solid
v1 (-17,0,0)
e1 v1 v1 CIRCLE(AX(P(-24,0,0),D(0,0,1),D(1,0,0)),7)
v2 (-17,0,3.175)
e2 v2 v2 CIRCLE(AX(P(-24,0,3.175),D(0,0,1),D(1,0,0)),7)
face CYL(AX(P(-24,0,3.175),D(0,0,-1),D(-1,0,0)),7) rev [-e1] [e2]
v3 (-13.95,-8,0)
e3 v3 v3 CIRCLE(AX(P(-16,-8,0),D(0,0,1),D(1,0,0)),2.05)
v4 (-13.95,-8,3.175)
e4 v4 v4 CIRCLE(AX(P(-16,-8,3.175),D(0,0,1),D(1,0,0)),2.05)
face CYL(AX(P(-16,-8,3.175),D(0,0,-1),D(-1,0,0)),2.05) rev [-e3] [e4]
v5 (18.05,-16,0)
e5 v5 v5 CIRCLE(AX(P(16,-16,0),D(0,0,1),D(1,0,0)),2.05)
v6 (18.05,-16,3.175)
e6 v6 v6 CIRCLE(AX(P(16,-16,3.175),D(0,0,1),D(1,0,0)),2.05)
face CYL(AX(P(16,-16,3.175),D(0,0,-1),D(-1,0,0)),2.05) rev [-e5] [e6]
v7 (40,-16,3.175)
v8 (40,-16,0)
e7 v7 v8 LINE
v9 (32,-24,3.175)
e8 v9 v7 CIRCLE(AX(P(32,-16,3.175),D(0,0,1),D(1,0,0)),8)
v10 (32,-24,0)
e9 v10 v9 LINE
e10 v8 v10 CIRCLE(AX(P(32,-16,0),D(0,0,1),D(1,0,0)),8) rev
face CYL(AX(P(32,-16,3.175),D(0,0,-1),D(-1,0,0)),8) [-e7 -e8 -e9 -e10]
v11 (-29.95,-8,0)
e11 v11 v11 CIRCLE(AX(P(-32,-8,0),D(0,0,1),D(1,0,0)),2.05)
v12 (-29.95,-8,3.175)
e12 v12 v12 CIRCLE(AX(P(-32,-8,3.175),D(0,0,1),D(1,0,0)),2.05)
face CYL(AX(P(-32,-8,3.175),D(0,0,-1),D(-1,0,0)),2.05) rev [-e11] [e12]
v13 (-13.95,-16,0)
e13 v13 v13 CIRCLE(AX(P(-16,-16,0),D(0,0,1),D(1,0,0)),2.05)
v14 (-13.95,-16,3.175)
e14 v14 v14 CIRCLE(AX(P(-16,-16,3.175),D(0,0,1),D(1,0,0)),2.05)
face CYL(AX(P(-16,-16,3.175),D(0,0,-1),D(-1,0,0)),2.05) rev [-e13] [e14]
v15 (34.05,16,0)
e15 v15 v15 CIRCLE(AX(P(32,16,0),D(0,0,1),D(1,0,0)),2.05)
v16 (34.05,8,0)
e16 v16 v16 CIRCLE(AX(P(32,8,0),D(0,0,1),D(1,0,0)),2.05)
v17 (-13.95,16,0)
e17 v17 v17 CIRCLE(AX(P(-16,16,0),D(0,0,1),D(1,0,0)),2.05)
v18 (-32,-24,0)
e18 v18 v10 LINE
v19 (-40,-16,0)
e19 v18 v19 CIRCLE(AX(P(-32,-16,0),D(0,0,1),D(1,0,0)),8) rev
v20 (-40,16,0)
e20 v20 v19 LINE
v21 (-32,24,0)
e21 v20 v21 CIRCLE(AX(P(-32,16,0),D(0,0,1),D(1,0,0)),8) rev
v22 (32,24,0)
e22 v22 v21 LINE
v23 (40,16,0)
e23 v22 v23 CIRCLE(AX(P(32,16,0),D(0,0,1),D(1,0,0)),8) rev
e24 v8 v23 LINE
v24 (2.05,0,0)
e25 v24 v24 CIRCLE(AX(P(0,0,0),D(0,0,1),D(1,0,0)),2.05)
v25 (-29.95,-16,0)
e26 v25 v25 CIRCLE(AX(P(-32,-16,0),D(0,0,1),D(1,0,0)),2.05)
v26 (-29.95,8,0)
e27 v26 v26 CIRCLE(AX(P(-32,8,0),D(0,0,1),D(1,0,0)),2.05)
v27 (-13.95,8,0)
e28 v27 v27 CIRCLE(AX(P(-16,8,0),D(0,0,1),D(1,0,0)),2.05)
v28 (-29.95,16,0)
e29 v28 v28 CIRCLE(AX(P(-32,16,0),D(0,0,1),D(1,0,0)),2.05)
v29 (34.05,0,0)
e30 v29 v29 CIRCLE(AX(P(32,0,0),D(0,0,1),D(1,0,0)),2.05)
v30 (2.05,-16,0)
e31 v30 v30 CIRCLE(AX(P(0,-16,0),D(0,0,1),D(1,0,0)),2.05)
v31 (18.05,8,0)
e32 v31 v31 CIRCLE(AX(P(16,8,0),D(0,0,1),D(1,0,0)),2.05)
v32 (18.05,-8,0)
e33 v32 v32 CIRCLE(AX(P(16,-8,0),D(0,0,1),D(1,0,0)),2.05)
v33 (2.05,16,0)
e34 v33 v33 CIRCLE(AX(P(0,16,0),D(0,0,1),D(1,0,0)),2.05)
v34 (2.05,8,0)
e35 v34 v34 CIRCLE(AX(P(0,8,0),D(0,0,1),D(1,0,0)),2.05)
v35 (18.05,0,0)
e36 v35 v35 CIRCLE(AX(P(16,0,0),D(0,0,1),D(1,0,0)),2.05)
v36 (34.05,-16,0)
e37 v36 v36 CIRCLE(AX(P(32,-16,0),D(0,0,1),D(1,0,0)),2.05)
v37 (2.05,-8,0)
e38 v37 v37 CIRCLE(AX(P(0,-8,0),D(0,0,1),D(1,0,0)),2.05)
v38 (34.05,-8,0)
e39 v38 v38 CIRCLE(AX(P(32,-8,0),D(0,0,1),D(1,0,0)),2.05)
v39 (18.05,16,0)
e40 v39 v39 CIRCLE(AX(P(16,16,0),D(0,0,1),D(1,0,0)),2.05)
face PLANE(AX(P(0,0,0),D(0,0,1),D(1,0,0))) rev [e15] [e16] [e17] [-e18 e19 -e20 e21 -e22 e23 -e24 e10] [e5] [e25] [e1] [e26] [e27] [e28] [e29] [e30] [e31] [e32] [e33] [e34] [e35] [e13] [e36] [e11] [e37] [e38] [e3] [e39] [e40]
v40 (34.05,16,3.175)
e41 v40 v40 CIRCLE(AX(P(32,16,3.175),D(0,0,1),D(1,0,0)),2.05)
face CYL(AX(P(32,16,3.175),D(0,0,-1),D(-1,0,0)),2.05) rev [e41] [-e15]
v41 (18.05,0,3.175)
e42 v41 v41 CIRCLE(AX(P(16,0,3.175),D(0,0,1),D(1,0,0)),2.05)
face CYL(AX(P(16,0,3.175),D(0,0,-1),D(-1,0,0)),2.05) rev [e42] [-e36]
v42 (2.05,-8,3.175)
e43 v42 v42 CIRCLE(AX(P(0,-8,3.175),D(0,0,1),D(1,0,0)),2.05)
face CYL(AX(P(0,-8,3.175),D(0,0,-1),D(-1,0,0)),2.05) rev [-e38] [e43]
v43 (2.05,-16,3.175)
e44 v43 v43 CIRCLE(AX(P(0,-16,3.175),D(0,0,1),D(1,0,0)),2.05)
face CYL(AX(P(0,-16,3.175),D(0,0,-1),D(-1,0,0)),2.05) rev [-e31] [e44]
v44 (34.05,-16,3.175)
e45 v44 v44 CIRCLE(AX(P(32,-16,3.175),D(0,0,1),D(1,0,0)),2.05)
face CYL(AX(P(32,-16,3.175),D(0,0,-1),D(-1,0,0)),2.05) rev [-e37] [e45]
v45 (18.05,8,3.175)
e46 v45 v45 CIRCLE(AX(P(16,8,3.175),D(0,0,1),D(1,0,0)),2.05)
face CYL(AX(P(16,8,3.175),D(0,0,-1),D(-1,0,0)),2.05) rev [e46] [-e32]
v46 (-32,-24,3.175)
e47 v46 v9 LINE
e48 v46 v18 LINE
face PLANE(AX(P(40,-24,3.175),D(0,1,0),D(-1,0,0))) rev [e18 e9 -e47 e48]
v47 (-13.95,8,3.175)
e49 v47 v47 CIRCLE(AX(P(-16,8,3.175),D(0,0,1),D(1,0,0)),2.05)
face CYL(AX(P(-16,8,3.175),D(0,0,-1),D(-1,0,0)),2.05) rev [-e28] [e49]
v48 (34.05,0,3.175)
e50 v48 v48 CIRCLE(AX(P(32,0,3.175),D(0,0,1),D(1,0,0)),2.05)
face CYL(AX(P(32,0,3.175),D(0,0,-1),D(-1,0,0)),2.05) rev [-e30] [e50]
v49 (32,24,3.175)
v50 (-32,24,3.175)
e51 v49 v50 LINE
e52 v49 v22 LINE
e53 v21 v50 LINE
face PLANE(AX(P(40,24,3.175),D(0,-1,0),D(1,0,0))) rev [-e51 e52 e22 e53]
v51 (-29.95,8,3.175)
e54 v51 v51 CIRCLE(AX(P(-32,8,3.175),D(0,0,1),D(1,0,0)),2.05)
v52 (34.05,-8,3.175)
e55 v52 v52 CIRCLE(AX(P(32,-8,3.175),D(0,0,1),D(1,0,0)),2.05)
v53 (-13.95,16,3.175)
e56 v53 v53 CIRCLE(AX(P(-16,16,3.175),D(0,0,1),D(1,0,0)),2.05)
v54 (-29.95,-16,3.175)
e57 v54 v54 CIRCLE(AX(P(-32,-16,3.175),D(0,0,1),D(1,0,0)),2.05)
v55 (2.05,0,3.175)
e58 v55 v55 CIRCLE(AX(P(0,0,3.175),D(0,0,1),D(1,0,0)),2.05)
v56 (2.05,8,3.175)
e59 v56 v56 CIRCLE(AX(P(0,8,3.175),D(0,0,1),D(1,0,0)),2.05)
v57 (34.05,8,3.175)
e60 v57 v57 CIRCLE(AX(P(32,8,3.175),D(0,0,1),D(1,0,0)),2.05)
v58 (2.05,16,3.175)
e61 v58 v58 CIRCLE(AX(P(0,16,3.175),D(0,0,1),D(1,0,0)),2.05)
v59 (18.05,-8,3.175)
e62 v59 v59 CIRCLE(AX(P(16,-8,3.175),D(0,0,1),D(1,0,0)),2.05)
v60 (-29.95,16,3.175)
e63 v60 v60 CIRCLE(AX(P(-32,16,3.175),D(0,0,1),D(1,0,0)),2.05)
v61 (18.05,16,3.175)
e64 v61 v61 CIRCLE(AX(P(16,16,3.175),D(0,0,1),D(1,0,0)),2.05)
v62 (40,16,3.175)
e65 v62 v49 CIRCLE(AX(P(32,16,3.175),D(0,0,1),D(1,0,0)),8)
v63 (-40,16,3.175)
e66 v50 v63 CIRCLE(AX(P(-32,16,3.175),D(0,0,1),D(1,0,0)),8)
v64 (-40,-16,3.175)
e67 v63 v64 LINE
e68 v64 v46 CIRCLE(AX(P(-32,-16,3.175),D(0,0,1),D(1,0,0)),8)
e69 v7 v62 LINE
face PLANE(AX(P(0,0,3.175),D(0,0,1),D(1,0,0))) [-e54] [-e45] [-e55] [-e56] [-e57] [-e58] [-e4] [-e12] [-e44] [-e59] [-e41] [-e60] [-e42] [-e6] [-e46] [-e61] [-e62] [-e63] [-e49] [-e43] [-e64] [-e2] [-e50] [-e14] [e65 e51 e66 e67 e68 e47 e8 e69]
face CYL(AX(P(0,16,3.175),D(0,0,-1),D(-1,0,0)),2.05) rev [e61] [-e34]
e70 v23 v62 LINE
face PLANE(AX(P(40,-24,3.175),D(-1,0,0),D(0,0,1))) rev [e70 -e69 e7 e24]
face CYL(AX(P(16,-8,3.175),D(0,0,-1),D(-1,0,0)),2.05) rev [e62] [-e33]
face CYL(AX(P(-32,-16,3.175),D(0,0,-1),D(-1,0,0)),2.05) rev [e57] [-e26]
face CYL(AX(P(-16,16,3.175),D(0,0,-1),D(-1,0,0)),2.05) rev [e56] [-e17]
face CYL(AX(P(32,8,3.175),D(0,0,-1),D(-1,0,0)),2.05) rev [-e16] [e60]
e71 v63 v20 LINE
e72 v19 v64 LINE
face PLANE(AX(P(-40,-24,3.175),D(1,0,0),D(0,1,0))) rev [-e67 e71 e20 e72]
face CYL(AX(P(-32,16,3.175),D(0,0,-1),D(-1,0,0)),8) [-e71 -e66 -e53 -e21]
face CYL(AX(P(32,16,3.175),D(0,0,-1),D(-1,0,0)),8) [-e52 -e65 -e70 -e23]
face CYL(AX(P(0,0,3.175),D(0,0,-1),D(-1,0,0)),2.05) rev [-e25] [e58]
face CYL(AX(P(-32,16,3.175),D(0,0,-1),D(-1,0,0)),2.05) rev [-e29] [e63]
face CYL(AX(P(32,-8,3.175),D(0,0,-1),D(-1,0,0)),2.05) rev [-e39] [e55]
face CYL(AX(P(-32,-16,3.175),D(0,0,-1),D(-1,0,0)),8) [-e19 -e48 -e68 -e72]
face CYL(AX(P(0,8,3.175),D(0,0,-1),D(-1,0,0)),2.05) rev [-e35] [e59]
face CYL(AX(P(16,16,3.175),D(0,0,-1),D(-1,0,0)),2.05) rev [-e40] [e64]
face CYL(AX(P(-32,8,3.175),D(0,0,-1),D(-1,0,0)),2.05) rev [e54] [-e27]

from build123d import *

# Parameters (mm, degrees)
SKETCH1_W           = 80
SKETCH1_H           = 48
SKETCH1_R           = 7
SKETCH1_R_2         = 2.05
BOSS_EXTRUDE1_DEPTH = 3.175
FILLET1_R           = 8


with BuildPart() as part:
    # Sketch1 → Boss-Extrude1 (new body)
    with BuildSketch(Plane.XY):
        Rectangle(SKETCH1_W, SKETCH1_H)
        with Locations((-24, 0)):
            Circle(SKETCH1_R, mode=Mode.SUBTRACT)
        with Locations((-32, 16)):
            Circle(SKETCH1_R_2, mode=Mode.SUBTRACT)
        with Locations((-16, 16)):
            Circle(SKETCH1_R_2, mode=Mode.SUBTRACT)
        with Locations((0, 16)):
            Circle(SKETCH1_R_2, mode=Mode.SUBTRACT)
        with Locations((16, 16)):
            Circle(SKETCH1_R_2, mode=Mode.SUBTRACT)
        with Locations((32, 16)):
            Circle(SKETCH1_R_2, mode=Mode.SUBTRACT)
        with Locations((-16, 8)):
            Circle(SKETCH1_R_2, mode=Mode.SUBTRACT)
        with Locations((0, 8)):
            Circle(SKETCH1_R_2, mode=Mode.SUBTRACT)
        with Locations((16, 8)):
            Circle(SKETCH1_R_2, mode=Mode.SUBTRACT)
        with Locations((32, 8)):
            Circle(SKETCH1_R_2, mode=Mode.SUBTRACT)
        Circle(SKETCH1_R_2, mode=Mode.SUBTRACT)
        with Locations((16, 0)):
            Circle(SKETCH1_R_2, mode=Mode.SUBTRACT)
        with Locations((32, 0)):
            Circle(SKETCH1_R_2, mode=Mode.SUBTRACT)
        with Locations((-16, -8)):
            Circle(SKETCH1_R_2, mode=Mode.SUBTRACT)
        with Locations((0, -8)):
            Circle(SKETCH1_R_2, mode=Mode.SUBTRACT)
        with Locations((16, -8)):
            Circle(SKETCH1_R_2, mode=Mode.SUBTRACT)
        with Locations((32, -8)):
            Circle(SKETCH1_R_2, mode=Mode.SUBTRACT)
        with Locations((-16, -16)):
            Circle(SKETCH1_R_2, mode=Mode.SUBTRACT)
        with Locations((0, -16)):
            Circle(SKETCH1_R_2, mode=Mode.SUBTRACT)
        with Locations((16, -16)):
            Circle(SKETCH1_R_2, mode=Mode.SUBTRACT)
        with Locations((32, -16)):
            Circle(SKETCH1_R_2, mode=Mode.SUBTRACT)
        with Locations((-32, 8)):
            Circle(SKETCH1_R_2, mode=Mode.SUBTRACT)
        with Locations((-32, -8)):
            Circle(SKETCH1_R_2, mode=Mode.SUBTRACT)
        with Locations((-32, -16)):
            Circle(SKETCH1_R_2, mode=Mode.SUBTRACT)
    extrude(amount=BOSS_EXTRUDE1_DEPTH)

    # Fillet1
    fillet1_edges = [part.edges().sort_by_distance(p)[0] for p in [
        (-40, 24, 1.5875),
        (40, 24, 1.5875),
        (40, -24, 1.5875),
        (-40, -24, 1.5875),
    ]]
    fillet(fillet1_edges, radius=FILLET1_R)


solid = part.part
